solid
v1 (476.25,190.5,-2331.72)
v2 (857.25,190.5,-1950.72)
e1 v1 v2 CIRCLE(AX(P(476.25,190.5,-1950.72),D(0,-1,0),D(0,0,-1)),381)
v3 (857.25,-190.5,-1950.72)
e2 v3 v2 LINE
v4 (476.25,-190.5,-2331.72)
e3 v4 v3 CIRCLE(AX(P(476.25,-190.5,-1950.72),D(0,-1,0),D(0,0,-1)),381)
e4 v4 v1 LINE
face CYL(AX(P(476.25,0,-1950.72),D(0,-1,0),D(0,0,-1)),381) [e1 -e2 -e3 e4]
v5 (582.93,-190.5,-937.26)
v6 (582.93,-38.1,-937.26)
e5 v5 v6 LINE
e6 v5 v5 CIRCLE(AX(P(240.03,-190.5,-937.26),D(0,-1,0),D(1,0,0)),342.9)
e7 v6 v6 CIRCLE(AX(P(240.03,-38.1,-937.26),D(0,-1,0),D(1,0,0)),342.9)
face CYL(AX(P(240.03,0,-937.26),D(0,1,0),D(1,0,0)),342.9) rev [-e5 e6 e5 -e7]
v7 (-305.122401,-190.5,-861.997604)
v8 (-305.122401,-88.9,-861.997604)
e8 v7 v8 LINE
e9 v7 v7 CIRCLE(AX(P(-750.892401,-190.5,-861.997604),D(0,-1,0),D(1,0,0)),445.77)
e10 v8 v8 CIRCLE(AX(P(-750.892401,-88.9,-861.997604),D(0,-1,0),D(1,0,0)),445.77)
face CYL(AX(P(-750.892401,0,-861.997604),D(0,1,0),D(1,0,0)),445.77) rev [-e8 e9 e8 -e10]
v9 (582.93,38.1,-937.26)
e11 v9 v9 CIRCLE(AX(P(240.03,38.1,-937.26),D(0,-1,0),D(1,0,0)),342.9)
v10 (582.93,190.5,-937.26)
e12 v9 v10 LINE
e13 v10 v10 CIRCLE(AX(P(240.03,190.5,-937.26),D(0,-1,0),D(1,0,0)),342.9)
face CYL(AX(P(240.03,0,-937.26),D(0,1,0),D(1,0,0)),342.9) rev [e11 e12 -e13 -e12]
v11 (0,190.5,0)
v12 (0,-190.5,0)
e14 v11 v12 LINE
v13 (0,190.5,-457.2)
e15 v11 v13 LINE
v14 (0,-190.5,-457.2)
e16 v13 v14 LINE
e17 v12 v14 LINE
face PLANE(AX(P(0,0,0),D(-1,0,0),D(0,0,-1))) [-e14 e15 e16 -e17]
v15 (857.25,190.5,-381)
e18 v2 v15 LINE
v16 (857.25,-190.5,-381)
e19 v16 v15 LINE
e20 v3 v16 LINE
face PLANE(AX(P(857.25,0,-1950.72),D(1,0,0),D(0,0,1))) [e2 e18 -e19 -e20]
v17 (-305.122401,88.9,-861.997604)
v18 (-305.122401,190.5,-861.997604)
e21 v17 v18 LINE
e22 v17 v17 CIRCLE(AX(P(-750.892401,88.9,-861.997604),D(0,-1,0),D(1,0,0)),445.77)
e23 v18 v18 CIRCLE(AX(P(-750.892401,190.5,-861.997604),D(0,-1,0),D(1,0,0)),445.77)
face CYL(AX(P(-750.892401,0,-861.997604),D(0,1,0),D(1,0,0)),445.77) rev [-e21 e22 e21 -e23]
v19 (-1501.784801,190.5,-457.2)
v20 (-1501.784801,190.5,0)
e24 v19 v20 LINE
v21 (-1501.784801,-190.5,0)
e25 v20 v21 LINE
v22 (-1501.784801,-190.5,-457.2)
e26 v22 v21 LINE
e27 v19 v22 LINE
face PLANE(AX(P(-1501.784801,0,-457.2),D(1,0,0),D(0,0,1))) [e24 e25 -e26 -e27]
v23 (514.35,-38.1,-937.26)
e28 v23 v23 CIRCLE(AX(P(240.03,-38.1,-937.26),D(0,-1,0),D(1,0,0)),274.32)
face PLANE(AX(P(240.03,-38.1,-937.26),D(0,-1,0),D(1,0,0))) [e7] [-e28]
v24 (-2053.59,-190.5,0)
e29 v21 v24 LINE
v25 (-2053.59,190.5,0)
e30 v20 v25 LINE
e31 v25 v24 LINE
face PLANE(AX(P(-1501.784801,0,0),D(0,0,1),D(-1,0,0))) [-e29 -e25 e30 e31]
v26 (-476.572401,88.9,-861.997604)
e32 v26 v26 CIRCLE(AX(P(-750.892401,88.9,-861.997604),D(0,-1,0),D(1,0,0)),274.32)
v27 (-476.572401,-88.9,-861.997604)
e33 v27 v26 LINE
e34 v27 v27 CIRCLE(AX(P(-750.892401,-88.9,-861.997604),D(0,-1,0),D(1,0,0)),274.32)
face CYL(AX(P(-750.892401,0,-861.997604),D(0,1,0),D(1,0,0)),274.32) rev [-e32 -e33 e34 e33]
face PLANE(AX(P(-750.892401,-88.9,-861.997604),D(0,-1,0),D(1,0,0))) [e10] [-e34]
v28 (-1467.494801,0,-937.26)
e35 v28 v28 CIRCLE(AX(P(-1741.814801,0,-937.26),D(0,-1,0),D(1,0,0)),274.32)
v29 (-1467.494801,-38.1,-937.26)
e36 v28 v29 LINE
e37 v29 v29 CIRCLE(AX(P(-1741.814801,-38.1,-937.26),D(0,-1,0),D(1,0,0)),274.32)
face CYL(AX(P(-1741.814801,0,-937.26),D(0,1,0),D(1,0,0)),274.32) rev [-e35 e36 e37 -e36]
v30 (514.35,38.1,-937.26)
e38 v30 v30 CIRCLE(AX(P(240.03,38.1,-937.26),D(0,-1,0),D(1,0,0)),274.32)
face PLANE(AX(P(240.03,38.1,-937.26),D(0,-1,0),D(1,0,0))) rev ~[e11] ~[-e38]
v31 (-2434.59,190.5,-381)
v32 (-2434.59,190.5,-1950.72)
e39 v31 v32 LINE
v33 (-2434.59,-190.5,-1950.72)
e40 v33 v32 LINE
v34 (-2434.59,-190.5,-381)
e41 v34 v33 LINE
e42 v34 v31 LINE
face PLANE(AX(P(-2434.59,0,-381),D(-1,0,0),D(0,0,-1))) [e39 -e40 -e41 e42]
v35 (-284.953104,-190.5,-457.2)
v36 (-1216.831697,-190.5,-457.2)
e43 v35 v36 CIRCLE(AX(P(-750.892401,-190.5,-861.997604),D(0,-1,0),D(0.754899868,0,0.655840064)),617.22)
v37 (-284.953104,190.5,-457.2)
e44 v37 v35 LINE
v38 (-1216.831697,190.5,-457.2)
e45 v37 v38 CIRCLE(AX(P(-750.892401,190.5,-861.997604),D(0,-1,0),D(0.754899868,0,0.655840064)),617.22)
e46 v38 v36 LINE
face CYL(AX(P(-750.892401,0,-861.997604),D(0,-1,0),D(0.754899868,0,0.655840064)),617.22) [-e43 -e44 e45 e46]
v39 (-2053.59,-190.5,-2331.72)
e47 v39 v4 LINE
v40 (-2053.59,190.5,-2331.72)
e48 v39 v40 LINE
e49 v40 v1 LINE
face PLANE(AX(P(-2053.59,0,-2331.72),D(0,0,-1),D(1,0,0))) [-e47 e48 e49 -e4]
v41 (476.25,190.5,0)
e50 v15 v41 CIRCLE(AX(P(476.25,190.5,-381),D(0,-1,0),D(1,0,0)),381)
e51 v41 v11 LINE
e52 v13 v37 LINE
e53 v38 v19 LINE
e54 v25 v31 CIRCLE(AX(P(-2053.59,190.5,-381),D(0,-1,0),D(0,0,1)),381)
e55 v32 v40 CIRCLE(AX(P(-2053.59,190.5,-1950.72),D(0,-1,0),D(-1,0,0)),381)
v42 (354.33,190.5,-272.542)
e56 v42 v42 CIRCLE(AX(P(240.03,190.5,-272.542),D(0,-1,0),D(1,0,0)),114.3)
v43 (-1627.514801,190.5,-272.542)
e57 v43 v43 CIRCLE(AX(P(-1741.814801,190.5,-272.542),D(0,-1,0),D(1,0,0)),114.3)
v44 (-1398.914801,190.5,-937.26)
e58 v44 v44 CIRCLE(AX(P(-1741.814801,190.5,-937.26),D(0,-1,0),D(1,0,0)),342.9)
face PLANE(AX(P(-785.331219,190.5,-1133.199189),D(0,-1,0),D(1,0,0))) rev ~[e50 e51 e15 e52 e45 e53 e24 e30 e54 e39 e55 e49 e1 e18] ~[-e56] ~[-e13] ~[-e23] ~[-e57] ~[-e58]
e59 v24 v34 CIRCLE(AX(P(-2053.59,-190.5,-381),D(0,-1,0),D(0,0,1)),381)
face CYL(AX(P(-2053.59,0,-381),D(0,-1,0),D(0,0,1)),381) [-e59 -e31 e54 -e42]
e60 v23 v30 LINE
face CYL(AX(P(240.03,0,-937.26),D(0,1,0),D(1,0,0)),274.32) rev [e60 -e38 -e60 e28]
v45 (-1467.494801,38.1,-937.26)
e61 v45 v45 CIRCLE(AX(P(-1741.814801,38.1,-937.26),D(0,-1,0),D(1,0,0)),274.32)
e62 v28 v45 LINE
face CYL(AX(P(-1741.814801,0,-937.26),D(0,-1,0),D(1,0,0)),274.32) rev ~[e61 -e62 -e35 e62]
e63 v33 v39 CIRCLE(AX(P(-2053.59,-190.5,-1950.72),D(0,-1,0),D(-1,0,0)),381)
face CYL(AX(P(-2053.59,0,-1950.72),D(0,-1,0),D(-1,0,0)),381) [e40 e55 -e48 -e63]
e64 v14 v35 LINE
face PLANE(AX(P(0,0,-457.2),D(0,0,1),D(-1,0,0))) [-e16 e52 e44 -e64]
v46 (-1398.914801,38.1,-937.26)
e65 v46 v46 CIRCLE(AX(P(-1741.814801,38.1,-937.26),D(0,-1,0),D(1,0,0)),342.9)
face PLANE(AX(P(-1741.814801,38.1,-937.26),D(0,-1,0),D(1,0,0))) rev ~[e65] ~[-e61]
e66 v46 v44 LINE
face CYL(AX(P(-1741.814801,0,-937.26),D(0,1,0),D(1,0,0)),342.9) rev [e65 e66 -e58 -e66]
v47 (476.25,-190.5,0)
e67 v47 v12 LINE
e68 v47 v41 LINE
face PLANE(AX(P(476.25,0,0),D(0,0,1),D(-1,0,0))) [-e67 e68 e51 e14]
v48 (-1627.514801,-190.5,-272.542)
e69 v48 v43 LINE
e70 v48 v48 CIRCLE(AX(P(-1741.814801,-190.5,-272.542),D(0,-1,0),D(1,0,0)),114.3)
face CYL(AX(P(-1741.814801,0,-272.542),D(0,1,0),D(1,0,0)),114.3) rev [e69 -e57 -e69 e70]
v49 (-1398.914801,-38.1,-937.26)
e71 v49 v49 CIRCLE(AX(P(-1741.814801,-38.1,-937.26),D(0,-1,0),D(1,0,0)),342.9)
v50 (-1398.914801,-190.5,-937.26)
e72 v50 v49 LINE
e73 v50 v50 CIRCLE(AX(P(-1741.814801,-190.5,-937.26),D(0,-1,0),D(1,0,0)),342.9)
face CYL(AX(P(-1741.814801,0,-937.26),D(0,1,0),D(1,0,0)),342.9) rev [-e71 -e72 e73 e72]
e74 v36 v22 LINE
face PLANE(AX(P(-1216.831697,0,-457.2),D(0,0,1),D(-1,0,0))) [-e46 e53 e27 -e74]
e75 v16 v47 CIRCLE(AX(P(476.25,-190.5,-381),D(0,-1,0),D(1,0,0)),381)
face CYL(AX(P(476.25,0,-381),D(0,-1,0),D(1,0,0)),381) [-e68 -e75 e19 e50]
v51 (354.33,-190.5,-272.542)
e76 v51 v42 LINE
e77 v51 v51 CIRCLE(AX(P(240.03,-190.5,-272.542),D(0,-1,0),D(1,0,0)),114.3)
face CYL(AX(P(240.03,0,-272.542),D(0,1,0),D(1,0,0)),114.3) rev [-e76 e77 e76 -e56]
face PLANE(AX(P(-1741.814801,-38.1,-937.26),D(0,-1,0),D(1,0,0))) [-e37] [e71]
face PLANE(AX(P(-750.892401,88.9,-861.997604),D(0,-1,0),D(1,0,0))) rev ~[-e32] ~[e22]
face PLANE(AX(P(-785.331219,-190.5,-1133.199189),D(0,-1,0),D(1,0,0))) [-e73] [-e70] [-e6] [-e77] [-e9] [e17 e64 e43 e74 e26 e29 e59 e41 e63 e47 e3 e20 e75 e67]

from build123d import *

# Parameters (mm, degrees)
F0_R     = 342.9
F0_R_2   = 114.3
F0_R_3   = 445.77
F1_DEPTH = 190.5
F0_R_4   = 274.32
F2_DEPTH = 88.9
F3_DEPTH = 38.1


with BuildPart() as f1:
    # F0 (on Front) → F1 (new body, symmetric)
    with BuildSketch(Plane.XZ):
        with BuildLine():
            Line((476.25, 0), (0, 0))
            Line((0, 0), (0, -457.2))
            Line((0, -457.2), (-284.9531043775, -457.2))
            ThreePointArc((-284.9531043775, -457.2), (-750.8924007416, -244.7776043701), (-1216.8316971056, -457.2))
            Line((-1216.8316971056, -457.2), (-1501.7848014832, -457.2))
            Line((-1501.7848014832, -457.2), (-1501.7848014832, 0))
            Line((-1501.7848014832, 0), (-2053.59, 0))
            ThreePointArc((-2053.59, 0), (-2322.9976836321, -111.5923163679), (-2434.59, -381))
            Line((-2434.59, -381), (-2434.59, -1950.72))
            ThreePointArc((-2434.59, -1950.72), (-2322.9976836321, -2220.1276836321), (-2053.59, -2331.72))
            Line((-2053.59, -2331.72), (476.25, -2331.72))
            ThreePointArc((476.25, -2331.72), (745.6576836321, -2220.1276836321), (857.25, -1950.72))
            Line((857.25, -1950.72), (857.25, -381))
            ThreePointArc((857.25, -381), (745.6576836321, -111.5923163679), (476.25, 0))
        make_face()
        with Locations((-1741.8148014832, -937.26)):
            Circle(F0_R, mode=Mode.SUBTRACT)
        with Locations((-1741.8148014832, -272.542)):
            Circle(F0_R_2, mode=Mode.SUBTRACT)
        with Locations((-750.8924007416, -861.9976043701)):
            Circle(F0_R_3, mode=Mode.SUBTRACT)
        with Locations((240.03, -937.26)):
            Circle(F0_R, mode=Mode.SUBTRACT)
        with Locations((240.03, -272.542)):
            Circle(F0_R_2, mode=Mode.SUBTRACT)
    extrude(amount=F1_DEPTH, both=True)

    # F0 (on Front) → F2 (join, symmetric)
    with BuildSketch(Plane.XZ):
        with Locations((-750.8924007416, -861.9976043701)):
            Circle(F0_R_3)
        with Locations((-750.8924007416, -861.9976043701)):
            Circle(F0_R_4, mode=Mode.SUBTRACT)
    extrude(amount=F2_DEPTH, both=True)

    # F0 (on Front) → F3 (join, symmetric)
    with BuildSketch(Plane.XZ):
        with Locations((-1741.8148014832, -937.26)):
            Circle(F0_R)
        with Locations((-1741.8148014832, -937.26)):
            Circle(F0_R_4, mode=Mode.SUBTRACT)
        with Locations((240.03, -937.26)):
            Circle(F0_R)
        with Locations((240.03, -937.26)):
            Circle(F0_R_4, mode=Mode.SUBTRACT)
    extrude(amount=F3_DEPTH, both=True)


solid = f1.part
